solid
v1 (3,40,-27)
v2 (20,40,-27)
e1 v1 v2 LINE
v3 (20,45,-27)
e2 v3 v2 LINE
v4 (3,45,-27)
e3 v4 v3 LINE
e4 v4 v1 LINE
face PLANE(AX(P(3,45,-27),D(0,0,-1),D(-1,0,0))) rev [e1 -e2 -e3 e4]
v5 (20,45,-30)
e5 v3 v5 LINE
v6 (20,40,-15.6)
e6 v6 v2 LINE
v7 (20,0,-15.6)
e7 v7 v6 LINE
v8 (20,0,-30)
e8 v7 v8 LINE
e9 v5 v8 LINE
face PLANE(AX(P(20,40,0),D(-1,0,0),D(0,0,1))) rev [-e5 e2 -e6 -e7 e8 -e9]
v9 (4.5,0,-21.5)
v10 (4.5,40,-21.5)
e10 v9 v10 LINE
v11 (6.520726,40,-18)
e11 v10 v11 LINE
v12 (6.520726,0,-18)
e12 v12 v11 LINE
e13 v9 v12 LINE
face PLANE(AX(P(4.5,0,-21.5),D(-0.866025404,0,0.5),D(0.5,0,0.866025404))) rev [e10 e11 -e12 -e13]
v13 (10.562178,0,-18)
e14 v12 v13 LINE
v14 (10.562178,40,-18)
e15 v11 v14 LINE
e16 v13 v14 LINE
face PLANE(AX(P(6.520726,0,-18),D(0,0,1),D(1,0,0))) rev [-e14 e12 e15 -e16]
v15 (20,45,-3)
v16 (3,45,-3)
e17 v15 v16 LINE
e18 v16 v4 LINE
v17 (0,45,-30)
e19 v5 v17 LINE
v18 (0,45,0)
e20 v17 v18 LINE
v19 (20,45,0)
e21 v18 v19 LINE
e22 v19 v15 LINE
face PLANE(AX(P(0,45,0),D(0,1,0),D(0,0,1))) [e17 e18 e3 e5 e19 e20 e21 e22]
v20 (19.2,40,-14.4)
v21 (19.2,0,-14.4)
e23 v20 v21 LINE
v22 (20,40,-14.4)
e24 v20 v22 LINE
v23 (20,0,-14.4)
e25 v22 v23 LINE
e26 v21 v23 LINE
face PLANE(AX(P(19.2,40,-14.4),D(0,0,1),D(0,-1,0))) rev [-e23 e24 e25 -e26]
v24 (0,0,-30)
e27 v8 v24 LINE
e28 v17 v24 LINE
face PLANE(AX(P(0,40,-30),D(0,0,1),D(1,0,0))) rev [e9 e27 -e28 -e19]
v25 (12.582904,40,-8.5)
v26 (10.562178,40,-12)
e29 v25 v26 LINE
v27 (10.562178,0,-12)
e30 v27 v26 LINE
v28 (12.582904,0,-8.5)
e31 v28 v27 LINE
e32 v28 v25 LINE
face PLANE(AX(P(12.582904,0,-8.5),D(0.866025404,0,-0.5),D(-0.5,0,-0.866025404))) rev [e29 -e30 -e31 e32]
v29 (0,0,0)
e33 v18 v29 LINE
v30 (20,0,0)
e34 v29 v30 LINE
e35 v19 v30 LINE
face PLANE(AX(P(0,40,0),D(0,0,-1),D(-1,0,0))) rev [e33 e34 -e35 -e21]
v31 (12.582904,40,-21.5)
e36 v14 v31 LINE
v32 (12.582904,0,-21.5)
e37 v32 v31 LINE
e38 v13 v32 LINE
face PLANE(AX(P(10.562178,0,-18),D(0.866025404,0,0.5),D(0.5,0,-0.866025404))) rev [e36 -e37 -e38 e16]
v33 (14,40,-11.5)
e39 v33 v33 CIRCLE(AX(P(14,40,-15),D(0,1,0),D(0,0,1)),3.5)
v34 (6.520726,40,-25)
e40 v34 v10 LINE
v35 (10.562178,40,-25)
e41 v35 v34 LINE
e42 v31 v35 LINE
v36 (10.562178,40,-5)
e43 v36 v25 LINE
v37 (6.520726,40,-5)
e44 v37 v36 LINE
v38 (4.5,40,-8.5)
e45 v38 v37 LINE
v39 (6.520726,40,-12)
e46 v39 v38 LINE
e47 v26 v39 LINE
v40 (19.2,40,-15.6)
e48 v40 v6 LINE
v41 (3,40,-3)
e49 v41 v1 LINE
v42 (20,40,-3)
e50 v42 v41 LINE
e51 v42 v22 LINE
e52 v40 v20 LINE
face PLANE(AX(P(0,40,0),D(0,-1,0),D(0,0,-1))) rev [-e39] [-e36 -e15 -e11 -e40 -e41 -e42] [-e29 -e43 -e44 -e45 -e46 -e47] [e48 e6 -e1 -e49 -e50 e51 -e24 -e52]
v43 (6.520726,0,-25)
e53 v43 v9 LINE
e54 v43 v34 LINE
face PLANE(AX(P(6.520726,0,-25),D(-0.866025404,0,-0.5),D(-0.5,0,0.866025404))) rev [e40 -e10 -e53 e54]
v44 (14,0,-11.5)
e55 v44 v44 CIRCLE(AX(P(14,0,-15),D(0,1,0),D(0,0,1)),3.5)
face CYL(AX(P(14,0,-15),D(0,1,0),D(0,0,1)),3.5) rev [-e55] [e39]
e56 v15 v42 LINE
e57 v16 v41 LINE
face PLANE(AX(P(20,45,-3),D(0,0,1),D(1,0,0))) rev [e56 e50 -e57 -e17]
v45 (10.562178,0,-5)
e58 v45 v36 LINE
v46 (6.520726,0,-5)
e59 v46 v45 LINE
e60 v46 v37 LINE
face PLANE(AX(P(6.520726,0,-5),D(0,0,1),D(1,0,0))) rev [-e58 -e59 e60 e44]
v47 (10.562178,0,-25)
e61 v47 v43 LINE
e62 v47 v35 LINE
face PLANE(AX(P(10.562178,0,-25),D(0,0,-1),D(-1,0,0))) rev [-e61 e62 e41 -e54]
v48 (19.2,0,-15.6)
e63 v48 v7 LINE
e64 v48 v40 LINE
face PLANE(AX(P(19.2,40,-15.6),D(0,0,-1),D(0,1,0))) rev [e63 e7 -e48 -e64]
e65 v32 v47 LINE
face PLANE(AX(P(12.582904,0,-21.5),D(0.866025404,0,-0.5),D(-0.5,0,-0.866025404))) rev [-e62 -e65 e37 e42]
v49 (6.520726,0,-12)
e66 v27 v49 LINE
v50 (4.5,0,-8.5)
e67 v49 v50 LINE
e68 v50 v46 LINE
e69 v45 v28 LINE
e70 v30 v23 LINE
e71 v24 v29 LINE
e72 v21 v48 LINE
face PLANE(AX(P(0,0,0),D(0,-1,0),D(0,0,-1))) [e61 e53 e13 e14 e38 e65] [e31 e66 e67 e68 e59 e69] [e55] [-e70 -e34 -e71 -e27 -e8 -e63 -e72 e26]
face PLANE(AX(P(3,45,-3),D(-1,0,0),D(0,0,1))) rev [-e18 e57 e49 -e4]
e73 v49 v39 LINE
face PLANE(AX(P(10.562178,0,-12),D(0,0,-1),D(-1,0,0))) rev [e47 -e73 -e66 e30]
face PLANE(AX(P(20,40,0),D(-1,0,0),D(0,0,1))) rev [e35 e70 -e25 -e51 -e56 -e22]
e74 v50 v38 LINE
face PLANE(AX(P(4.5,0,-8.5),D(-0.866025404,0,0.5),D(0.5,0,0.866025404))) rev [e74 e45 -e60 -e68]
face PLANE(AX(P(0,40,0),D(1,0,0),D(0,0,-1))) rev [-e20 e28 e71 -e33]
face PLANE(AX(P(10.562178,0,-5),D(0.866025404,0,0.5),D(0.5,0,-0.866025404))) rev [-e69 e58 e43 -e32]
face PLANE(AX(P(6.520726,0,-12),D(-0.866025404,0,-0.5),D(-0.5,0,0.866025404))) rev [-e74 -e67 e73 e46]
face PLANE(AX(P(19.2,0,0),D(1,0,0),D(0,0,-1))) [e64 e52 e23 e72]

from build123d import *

# Parameters (mm, degrees)
SKETCH1_W           = 20
SKETCH1_H           = 30
BOSS_EXTRUDE1_DEPTH = 40
BOSS_EXTRUDE2_DEPTH = 5
SKETCH3_R           = 3.5
CUT_EXTRUDE1_DEPTH  = 41
SKETCH4_W           = 1.2
SKETCH4_H           = 40
CUT_EXTRUDE2_DEPTH  = 0.8


with BuildPart() as part:
    # Sketch1 → Boss-Extrude1 (new body)
    with BuildSketch(Plane(origin=(0, 0, 0), x_dir=(1, 0, 0), z_dir=(0, 1, 0))):
        with Locations((10, 15)):
            Rectangle(SKETCH1_W, SKETCH1_H)
    extrude(amount=BOSS_EXTRUDE1_DEPTH)

    # Sketch2 → Boss-Extrude2 (add)
    with BuildSketch(Plane(origin=(0, 40, 0), x_dir=(1, 0, 0), z_dir=(0, 1, 0))):
        Polygon((20, 0), (20, 3), (3, 3), (3, 27), (20, 27), (20, 30), (0, 30), (0, 0), align=None)
    extrude(amount=BOSS_EXTRUDE2_DEPTH)

    # Sketch3 → Cut-Extrude1 (cut, through all)
    with BuildSketch(Plane(origin=(0, 40, 0), x_dir=(1, 0, 0), z_dir=(0, 1, 0))):
        with Locations((14, 15)):
            Circle(SKETCH3_R)
        Polygon((12.582903769, 8.5), (10.562177826, 12), (6.520725942, 12), (4.5, 8.5), (6.520725942, 5), (10.562177826, 5), align=None)
        Polygon((12.582903769, 21.5), (10.562177826, 25), (6.520725942, 25), (4.5, 21.5), (6.520725942, 18), (10.562177826, 18), align=None)
    extrude(amount=-CUT_EXTRUDE1_DEPTH, mode=Mode.SUBTRACT)

    # Sketch4 → Cut-Extrude2 (cut)
    with BuildSketch(Plane(origin=(20, 0, 0), x_dir=(0, 0, -1), z_dir=(1, 0, 0))):
        with Locations((15, 20)):
            Rectangle(SKETCH4_W, SKETCH4_H)
    extrude(amount=-CUT_EXTRUDE2_DEPTH, mode=Mode.SUBTRACT)


solid = part.part
